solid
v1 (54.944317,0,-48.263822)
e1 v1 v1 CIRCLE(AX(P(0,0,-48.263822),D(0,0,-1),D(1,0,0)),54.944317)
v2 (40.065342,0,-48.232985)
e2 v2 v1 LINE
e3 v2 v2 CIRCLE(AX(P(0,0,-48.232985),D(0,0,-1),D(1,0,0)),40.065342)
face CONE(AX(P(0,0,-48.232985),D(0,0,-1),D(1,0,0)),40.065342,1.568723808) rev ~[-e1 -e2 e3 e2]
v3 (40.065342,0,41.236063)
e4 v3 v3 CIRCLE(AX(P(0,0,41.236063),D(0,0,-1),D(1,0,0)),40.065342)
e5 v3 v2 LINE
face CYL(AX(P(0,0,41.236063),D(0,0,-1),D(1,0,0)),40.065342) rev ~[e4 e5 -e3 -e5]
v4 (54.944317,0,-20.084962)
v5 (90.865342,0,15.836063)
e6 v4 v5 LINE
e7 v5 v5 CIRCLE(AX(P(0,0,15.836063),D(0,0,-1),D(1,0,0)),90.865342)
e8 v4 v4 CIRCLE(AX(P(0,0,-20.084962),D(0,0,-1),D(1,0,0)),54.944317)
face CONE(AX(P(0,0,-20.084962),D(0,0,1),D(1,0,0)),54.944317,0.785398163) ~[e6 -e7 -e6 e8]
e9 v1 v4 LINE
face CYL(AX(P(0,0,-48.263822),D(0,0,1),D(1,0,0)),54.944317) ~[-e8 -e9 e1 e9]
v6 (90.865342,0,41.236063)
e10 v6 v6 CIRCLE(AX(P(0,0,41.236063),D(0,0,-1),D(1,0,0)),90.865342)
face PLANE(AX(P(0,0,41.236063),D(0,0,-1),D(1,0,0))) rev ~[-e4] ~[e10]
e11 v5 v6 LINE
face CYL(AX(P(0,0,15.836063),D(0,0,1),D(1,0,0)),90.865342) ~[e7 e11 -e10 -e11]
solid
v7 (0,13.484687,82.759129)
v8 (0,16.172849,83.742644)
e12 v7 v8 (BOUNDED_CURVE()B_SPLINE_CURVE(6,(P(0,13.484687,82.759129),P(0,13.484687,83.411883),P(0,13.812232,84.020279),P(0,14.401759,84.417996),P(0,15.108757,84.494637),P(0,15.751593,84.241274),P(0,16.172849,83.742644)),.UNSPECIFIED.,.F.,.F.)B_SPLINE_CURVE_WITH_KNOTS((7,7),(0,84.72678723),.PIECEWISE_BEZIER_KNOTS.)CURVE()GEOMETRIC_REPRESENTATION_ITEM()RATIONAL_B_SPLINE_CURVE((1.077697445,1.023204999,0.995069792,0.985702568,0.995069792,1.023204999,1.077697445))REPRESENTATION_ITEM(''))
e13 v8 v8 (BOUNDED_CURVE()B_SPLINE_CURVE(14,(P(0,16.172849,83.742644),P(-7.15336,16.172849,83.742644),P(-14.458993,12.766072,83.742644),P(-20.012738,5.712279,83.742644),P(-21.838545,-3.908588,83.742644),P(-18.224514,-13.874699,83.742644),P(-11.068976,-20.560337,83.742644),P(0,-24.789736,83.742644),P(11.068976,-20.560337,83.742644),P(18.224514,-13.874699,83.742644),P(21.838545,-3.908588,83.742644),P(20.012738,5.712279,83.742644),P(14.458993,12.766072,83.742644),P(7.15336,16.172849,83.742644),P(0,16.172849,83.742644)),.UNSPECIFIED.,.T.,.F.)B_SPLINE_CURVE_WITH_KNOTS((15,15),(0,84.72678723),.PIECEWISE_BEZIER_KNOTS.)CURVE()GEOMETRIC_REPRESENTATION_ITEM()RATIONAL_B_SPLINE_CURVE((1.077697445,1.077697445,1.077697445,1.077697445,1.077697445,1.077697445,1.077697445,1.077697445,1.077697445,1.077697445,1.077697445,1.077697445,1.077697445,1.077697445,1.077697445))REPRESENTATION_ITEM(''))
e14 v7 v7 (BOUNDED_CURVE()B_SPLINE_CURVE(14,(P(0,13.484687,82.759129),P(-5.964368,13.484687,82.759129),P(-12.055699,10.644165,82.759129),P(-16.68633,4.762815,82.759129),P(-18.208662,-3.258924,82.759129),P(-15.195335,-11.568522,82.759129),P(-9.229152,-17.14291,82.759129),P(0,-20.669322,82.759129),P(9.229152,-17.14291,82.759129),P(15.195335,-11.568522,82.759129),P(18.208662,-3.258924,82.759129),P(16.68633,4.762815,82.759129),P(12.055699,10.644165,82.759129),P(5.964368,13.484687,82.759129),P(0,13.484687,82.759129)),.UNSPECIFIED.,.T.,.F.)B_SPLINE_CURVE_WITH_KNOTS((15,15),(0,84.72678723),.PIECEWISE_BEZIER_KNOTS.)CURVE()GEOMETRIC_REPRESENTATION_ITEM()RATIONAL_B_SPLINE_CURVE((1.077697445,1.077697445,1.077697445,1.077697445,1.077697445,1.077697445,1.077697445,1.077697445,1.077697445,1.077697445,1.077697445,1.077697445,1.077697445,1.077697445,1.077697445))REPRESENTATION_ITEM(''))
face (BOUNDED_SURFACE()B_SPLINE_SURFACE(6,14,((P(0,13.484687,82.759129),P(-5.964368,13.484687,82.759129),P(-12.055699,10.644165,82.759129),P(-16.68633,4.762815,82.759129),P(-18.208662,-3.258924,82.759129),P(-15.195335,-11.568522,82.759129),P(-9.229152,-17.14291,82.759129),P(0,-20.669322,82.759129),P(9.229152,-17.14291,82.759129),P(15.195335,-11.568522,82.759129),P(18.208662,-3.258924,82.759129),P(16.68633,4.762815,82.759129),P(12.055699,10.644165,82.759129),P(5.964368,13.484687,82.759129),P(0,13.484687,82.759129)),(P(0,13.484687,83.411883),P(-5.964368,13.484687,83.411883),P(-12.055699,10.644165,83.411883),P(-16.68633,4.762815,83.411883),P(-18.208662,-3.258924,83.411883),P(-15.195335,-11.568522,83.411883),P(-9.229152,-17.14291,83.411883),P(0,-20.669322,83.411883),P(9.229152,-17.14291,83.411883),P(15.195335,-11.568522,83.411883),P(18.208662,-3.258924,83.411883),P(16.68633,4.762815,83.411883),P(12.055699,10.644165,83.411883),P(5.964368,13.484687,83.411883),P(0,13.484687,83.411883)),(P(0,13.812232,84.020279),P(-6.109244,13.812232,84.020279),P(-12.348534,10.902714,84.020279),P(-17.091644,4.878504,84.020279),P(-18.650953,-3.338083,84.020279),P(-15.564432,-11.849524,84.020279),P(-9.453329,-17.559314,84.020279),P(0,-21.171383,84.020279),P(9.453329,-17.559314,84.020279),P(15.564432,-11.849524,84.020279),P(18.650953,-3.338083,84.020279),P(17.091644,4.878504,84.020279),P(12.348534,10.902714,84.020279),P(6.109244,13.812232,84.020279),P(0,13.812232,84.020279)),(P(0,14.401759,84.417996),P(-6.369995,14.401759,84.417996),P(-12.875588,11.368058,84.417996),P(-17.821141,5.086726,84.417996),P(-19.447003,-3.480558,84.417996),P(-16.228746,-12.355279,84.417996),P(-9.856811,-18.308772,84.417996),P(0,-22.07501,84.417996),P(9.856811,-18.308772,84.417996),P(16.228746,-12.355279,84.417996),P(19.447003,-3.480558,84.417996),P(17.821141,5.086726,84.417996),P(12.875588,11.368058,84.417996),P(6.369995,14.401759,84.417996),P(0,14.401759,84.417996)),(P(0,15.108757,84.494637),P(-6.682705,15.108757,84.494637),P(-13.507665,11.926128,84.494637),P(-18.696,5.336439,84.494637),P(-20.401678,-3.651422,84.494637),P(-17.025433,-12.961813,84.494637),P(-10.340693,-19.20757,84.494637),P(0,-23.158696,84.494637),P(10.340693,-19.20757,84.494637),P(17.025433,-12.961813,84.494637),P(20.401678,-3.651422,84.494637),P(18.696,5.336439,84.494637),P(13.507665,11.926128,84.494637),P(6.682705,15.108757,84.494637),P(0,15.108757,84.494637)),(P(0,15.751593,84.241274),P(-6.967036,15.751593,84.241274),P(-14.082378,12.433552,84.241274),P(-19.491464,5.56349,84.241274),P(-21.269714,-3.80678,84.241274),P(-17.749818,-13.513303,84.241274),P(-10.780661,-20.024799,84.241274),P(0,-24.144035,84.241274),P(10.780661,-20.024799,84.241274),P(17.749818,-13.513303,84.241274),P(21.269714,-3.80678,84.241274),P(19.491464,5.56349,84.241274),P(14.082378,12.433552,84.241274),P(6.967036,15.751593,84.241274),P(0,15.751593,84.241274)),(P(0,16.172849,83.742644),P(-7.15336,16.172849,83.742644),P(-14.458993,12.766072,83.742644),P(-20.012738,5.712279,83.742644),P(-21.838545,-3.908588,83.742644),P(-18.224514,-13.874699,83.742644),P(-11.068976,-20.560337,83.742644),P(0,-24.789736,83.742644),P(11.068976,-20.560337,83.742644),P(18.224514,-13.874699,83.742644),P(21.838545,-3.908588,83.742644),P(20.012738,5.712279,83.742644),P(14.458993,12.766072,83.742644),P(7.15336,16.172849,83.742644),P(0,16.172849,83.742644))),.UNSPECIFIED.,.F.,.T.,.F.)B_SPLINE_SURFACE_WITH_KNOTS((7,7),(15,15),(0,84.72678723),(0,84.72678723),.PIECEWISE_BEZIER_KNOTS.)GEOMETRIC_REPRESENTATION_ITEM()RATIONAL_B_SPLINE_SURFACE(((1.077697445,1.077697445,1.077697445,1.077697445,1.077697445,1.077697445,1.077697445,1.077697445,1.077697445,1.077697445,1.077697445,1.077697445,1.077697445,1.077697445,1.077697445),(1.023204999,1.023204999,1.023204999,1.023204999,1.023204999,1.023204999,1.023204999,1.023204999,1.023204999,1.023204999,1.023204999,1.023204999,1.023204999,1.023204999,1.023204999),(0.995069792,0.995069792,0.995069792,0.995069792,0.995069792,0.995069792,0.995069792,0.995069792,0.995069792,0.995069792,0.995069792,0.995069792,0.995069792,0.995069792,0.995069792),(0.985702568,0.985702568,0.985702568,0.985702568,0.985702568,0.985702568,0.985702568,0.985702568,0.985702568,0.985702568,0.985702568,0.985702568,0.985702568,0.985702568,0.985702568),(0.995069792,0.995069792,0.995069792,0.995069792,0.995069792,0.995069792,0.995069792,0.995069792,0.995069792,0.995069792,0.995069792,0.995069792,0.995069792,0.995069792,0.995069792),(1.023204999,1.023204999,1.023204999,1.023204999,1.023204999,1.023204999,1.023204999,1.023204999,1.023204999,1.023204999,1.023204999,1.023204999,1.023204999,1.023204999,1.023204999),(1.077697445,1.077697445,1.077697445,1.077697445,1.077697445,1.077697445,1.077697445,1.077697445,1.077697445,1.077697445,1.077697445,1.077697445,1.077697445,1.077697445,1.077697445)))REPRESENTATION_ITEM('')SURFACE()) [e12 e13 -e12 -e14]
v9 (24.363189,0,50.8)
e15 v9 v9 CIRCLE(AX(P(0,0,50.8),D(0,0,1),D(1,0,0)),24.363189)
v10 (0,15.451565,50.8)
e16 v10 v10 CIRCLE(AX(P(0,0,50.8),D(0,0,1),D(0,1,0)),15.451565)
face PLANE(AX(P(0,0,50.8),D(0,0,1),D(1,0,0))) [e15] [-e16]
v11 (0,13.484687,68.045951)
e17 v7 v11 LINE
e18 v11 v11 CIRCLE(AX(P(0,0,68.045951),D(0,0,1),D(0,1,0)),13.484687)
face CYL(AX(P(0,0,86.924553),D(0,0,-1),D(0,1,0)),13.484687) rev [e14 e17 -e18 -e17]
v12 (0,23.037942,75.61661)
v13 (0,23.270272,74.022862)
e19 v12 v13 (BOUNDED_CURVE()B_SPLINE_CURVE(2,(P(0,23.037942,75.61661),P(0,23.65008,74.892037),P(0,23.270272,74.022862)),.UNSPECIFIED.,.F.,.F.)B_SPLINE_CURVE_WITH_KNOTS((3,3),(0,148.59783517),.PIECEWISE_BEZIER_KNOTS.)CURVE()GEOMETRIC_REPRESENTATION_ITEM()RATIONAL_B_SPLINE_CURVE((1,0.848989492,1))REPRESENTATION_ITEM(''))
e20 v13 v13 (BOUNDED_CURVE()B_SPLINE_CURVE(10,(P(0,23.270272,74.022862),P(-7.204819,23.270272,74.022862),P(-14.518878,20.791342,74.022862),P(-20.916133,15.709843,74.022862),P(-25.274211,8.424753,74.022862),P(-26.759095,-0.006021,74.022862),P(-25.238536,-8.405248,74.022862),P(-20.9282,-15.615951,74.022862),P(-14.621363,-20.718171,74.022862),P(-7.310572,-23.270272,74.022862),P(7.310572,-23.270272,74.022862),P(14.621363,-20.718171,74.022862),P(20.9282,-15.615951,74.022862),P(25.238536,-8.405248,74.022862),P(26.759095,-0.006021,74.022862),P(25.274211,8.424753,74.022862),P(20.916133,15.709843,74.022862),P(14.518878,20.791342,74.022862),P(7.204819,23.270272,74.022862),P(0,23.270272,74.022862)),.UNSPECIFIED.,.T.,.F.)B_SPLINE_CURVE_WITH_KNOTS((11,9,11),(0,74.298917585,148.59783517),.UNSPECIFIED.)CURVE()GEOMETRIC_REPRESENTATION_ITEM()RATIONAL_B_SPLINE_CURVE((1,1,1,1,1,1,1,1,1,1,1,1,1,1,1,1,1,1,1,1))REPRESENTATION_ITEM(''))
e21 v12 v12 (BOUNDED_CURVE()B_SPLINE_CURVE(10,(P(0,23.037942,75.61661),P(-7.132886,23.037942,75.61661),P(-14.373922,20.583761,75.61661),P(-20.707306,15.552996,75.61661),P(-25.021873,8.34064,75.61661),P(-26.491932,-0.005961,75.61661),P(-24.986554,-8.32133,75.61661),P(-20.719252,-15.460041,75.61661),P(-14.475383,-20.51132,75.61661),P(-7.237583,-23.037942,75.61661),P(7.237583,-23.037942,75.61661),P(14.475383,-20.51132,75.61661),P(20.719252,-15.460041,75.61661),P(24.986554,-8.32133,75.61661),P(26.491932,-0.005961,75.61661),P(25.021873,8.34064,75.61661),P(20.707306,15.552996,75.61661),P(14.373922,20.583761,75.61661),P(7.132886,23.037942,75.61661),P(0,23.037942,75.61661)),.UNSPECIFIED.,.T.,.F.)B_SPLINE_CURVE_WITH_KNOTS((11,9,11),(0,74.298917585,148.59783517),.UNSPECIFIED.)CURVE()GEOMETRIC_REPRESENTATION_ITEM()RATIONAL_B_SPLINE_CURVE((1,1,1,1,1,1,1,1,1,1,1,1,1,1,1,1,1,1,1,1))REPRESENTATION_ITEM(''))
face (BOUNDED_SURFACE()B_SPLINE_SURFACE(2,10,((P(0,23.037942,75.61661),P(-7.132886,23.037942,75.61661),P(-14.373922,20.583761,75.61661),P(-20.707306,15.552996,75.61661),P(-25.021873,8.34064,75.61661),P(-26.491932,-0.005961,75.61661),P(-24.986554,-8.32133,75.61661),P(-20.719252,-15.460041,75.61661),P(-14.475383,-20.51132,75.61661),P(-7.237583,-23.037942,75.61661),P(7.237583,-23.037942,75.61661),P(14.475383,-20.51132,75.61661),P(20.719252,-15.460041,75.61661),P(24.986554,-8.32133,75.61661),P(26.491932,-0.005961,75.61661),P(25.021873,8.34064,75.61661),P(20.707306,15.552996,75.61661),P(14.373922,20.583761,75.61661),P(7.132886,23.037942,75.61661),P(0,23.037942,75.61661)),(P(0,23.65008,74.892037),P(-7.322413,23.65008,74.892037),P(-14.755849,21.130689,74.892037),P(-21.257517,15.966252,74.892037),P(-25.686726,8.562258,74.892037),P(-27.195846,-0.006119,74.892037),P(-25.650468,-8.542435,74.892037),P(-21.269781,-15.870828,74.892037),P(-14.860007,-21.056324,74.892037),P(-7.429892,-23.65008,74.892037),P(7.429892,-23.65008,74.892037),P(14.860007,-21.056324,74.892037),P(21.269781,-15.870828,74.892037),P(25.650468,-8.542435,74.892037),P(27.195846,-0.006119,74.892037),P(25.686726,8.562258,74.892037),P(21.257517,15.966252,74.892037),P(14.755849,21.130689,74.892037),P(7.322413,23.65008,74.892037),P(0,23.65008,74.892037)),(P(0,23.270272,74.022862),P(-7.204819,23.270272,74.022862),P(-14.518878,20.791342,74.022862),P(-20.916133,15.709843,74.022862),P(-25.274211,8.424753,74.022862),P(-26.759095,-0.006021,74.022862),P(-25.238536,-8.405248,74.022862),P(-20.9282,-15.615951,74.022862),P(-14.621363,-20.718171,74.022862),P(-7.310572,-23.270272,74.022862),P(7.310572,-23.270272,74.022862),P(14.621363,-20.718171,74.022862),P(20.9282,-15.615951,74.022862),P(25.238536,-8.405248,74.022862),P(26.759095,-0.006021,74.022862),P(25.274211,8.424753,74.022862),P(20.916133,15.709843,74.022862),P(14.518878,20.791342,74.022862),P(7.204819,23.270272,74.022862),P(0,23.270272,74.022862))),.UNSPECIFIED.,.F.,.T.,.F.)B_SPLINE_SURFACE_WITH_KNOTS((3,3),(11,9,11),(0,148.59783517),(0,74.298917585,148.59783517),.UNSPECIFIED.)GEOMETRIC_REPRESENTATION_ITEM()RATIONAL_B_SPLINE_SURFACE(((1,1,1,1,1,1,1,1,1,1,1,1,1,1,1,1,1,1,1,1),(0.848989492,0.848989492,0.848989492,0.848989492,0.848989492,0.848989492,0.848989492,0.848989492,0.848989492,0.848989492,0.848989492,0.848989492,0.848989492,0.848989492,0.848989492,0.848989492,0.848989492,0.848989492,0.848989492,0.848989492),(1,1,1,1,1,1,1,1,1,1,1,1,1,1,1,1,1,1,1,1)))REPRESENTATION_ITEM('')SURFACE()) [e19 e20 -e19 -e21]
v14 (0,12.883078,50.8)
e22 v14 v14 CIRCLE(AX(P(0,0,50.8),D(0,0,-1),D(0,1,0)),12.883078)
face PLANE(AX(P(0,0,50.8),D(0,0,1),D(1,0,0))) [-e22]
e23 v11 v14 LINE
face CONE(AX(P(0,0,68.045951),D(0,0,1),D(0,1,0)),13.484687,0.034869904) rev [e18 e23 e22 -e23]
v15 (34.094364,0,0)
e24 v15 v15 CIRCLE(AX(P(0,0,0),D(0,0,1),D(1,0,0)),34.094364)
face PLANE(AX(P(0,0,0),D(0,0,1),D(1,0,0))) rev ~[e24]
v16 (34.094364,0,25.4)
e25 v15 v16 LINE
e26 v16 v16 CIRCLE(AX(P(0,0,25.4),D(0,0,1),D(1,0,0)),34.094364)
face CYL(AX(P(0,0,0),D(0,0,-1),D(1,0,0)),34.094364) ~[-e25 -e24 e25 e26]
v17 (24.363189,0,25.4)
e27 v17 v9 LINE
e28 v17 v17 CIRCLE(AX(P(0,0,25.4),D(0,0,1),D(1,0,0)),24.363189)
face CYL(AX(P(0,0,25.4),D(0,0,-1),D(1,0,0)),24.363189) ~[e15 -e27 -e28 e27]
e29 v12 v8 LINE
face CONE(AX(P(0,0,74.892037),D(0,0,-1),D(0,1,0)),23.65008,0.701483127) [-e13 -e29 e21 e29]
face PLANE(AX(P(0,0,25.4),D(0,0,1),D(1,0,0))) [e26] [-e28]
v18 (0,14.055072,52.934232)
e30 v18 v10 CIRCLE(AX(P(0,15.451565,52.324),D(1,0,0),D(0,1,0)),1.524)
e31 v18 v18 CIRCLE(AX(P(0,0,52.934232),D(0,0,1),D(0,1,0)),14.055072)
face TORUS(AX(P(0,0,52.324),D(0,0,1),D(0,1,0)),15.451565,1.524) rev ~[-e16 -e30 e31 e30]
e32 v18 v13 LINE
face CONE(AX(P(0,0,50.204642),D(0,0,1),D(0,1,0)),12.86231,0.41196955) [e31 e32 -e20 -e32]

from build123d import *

# Parameters (mm, degrees)
F0_R     = 34.094364
F1_DEPTH = 25.4
F2_R     = 24.363189
F3_DEPTH = 25.4
F6_R     = 1.524


with BuildPart() as f1:
    # F0 (on Top) → F1 (new body)
    with BuildSketch(Plane.XY):
        Circle(F0_R)
    extrude(amount=F1_DEPTH)

    # F2 (on face) → F3 (join)
    with BuildSketch(Plane.XY.offset(25.4)):
        Circle(F2_R)
    extrude(amount=F3_DEPTH)

    # F4 (on Right) → F5 (revolve)
    with BuildSketch(Plane.YZ):
        Polygon((13.484687, 68.045951), (12.86231, 50.204642), (23.65008, 74.892037), (13.484687, 86.924553), align=None)
    revolve(axis=Axis((0, 0, 50.8), (0, 0, 1)))

    # F6
    f6_edges = [f1.edges().sort_by_distance(p)[0] for p in [
        (0, -23.65008, 74.892037),
        (0, -13.484687, 86.924553),
        (0, 18.567383, 80.908295),
        (0, -13.122466, 50.8),
        (0, 18.386273, 62.846018),
    ]]
    fillet(f6_edges, radius=F6_R)


with BuildPart() as f8:
    # F7 (on Front) → F8 (revolve)
    with BuildSketch(Plane.XZ):
        Polygon((54.944317, -20.084962), (90.865342, 15.836063), (90.865342, 41.236063), (40.065342, 41.236063), (40.065342, -48.232985), (54.944317, -48.263822), align=None)
    revolve(axis=Axis((0, 0, 0), (0, 0, -1)))


solid = Compound([f1.part, f8.part])
